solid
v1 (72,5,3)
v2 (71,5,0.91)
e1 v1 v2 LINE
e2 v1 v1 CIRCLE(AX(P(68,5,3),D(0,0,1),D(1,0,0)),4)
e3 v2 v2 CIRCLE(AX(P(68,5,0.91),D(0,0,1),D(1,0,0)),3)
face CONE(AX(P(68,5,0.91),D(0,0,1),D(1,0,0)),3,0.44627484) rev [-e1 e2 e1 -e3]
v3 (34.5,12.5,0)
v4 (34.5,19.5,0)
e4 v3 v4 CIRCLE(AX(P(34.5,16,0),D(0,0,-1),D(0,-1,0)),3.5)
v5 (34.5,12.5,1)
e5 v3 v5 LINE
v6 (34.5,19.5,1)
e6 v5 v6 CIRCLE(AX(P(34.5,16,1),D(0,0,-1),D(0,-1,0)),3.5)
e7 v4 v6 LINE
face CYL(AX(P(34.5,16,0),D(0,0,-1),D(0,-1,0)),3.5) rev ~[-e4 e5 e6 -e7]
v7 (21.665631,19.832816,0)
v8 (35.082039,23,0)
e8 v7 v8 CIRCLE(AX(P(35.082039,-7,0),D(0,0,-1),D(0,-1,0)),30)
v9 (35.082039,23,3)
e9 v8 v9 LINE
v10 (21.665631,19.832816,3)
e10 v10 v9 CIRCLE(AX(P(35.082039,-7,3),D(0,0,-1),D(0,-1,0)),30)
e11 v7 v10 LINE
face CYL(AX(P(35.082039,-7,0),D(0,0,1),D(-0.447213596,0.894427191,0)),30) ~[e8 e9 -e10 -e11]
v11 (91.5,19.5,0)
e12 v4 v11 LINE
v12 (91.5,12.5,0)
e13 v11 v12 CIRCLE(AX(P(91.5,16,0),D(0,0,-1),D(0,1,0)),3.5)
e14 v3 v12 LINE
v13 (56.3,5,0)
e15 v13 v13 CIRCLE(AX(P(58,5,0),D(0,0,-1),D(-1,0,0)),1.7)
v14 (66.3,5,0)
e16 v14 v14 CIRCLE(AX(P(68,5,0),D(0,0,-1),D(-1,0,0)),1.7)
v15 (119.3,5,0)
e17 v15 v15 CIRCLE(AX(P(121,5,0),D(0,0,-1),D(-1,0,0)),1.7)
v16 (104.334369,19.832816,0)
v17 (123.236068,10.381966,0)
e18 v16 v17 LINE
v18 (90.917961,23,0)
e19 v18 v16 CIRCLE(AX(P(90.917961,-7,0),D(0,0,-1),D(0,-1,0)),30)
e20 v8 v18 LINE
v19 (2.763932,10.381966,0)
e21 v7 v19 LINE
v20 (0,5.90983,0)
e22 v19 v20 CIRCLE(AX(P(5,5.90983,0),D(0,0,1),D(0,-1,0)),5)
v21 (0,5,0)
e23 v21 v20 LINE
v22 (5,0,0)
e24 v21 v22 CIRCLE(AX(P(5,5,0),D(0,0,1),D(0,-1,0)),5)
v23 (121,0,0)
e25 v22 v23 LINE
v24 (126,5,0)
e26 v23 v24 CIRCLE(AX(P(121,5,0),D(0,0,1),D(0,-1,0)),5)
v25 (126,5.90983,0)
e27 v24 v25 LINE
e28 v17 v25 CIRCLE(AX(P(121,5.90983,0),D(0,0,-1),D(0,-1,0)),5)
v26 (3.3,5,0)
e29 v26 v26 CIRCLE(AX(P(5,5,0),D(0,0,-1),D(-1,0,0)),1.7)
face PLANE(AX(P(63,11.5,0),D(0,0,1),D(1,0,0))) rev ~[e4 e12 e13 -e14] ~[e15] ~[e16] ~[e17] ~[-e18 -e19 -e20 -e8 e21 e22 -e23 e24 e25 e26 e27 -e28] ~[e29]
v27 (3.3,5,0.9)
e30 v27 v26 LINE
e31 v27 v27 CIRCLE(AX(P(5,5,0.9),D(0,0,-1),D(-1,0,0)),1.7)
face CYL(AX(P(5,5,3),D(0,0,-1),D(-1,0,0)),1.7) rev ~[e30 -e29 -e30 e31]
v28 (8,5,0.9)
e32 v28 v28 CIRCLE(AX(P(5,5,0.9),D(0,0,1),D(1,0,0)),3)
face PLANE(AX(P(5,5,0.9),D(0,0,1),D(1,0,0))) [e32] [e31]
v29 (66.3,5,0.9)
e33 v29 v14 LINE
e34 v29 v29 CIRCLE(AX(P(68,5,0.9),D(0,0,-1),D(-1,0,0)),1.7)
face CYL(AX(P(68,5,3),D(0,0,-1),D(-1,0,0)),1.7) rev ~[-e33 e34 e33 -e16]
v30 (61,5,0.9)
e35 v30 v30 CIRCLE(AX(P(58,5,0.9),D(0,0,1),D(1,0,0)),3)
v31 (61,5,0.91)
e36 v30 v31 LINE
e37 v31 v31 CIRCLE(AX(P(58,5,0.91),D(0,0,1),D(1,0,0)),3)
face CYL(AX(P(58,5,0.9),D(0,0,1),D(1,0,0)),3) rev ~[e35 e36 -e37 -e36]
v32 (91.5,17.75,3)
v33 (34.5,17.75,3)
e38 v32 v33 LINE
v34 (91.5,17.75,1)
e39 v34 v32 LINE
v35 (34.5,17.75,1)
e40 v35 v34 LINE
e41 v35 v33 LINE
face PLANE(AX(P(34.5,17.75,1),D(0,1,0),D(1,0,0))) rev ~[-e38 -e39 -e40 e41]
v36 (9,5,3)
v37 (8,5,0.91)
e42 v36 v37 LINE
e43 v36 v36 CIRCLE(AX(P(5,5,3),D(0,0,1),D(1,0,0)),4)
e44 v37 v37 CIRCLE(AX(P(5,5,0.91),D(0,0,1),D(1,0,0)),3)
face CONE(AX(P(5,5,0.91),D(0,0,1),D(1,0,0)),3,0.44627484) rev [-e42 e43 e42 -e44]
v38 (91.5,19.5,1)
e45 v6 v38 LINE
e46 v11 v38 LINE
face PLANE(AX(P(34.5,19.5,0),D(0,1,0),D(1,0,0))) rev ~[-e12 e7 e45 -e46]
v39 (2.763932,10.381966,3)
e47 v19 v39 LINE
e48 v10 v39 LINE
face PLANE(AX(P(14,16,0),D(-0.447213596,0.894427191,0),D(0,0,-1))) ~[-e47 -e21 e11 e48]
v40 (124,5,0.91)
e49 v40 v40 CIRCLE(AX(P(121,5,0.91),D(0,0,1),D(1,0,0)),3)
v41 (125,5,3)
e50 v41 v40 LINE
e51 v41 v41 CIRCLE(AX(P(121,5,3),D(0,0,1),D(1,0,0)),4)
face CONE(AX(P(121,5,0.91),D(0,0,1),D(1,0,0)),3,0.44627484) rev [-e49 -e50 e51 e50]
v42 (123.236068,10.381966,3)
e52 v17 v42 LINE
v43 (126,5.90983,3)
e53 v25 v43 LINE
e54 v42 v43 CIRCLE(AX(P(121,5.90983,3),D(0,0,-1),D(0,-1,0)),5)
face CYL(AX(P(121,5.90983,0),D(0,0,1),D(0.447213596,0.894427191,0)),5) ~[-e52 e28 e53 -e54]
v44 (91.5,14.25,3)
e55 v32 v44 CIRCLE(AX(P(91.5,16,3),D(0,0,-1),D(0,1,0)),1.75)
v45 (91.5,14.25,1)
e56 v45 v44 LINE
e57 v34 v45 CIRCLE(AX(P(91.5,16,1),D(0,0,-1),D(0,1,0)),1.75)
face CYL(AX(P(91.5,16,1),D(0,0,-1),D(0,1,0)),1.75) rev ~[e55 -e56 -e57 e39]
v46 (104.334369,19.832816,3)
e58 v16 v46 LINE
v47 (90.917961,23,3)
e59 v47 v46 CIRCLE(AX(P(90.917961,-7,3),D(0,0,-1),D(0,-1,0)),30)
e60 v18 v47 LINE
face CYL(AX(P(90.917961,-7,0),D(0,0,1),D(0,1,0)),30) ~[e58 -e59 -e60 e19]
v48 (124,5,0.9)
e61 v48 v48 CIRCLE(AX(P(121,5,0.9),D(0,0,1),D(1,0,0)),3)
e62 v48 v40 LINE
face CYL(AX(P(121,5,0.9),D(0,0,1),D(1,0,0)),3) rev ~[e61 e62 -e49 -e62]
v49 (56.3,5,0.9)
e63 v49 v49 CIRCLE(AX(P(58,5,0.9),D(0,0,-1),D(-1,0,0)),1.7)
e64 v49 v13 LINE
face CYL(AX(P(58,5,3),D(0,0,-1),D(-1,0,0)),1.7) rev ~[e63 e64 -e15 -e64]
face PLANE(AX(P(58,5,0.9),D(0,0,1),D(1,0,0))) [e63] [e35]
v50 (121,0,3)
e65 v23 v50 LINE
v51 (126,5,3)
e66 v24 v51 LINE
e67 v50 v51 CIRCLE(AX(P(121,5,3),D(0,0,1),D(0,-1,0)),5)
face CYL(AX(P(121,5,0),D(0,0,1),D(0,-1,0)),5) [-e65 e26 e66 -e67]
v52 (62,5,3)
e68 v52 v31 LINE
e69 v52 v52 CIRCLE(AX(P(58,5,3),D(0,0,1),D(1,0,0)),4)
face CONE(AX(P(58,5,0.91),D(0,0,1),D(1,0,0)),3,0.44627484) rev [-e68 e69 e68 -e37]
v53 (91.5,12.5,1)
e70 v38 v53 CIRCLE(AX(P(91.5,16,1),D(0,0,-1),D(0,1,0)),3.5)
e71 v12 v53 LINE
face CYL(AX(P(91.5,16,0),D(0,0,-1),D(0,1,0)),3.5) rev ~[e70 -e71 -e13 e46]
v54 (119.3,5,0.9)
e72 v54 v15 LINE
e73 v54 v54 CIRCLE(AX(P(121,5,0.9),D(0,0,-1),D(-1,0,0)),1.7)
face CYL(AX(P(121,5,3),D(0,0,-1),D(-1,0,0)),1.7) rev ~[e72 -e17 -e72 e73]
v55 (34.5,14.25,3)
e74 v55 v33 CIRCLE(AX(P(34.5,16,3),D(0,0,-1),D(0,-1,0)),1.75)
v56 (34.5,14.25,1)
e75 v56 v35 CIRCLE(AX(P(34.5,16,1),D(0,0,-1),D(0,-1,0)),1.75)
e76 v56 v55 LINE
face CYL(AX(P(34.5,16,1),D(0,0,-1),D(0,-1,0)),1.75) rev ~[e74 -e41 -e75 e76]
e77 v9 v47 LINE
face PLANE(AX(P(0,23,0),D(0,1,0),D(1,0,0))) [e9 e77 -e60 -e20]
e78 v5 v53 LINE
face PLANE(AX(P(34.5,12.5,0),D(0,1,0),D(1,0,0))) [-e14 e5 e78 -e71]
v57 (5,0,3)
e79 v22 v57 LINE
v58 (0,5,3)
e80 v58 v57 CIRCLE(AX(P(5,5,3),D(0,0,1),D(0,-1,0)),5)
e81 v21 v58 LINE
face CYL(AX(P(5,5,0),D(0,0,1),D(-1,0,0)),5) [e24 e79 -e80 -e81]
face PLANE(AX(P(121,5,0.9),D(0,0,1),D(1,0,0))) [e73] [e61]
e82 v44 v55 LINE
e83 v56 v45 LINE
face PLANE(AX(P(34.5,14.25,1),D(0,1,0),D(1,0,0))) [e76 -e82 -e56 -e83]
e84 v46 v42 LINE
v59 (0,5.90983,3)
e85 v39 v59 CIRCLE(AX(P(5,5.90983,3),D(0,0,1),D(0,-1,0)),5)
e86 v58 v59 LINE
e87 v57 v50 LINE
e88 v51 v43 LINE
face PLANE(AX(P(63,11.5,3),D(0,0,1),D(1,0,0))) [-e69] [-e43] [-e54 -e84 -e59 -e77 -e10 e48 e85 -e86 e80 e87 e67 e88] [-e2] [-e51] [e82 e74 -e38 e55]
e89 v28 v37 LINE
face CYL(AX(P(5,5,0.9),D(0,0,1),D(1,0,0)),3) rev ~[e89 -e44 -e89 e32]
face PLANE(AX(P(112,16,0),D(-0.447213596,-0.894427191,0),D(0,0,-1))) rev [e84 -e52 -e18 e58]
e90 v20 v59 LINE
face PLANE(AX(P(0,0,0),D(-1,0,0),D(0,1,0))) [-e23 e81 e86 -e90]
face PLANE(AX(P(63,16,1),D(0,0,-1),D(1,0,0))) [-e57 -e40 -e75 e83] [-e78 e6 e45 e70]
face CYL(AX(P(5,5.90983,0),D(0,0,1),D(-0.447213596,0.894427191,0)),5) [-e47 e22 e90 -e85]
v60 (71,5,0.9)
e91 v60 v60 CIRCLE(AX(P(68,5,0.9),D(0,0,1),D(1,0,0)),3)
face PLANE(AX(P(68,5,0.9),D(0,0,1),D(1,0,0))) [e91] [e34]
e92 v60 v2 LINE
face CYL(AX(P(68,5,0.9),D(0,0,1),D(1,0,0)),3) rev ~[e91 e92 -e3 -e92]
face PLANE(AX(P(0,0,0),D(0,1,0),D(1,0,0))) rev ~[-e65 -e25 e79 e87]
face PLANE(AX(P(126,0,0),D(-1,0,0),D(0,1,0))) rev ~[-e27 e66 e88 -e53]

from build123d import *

# Parameters (mm, degrees)
BOX001_W            = 126
BOX001_H            = 23
BOX001_DEPTH        = 3
HOLE003_D           = 3.4
HOLE003_DEPTH       = 24
HOLE003_CBORE_D     = 6
HOLE003_CBORE_DEPTH = 2.1
POCKET_DEPTH        = 1
POCKET001_DEPTH     = 5
CHAMFER_SIZE2       = 2.09
CHAMFER_SIZE        = 1
FILLET001_R         = 5
CHAMFER001_SIZE2    = 14
CHAMFER001_SIZE     = 28
CHAMFER002_SIZE2    = 14
CHAMFER002_SIZE     = 28
FILLET002_R         = 5
FILLET003_R         = 30


with BuildPart() as part:
    # Box001 → Box001 (join)
    with BuildSketch(Plane.XY):
        with Locations((63, 11.5)):
            Rectangle(BOX001_W, BOX001_H)
    extrude(amount=BOX001_DEPTH)

    # Hole003
    with Locations(Plane.XY.offset(3)):
        with Locations((5, 5), (58, 5), (68, 5), (121, 5)):
            CounterBoreHole(HOLE003_D / 2, HOLE003_CBORE_D / 2, HOLE003_CBORE_DEPTH, depth=HOLE003_DEPTH)

    # Sketch006 (on Face5 of Hole003) → Pocket (cut)
    with BuildSketch(Plane(origin=(0, 0, 0), x_dir=(1, 0, 0), z_dir=(0, 0, -1))):
        with BuildLine():
            ThreePointArc((34.5, -12.5), (31, -16), (34.5, -19.5))
            Line((34.5, -19.5), (91.5, -19.5))
            ThreePointArc((91.5, -19.5), (95, -16), (91.5, -12.5))
            Line((34.5, -12.5), (91.5, -12.5))
        make_face()
    extrude(amount=-POCKET_DEPTH, mode=Mode.SUBTRACT)

    # Sketch007 (on Face23 of Pocket) → Pocket001 (cut)
    with BuildSketch(Plane(origin=(0, 0, 1), x_dir=(1, 0, 0), z_dir=(0, 0, -1))):
        with BuildLine():
            ThreePointArc((34.5, -14.25), (32.75, -16), (34.5, -17.75))
            Line((34.5, -17.75), (91.5, -17.75))
            ThreePointArc((91.5, -17.75), (93.25, -16), (91.5, -14.25))
            Line((34.5, -14.25), (91.5, -14.25))
        make_face()
    extrude(amount=-POCKET001_DEPTH, mode=Mode.SUBTRACT)

    # Chamfer
    chamfer_edges = [part.edges().sort_by_distance(p)[0] for p in [
        (2, 5, 3),
        (55, 5, 3),
        (65, 5, 3),
        (118, 5, 3),
    ]]
    chamfer_side = part.faces().sort_by_distance((63, 11.420058, 3))[0]
    chamfer(chamfer_edges, length=CHAMFER_SIZE, length2=CHAMFER_SIZE2, reference=chamfer_side)

    # Fillet001
    fillet001_edges = [part.edges().sort_by_distance(p)[0] for p in [
        (0, 0, 1.5),
        (126, 0, 1.5),
    ]]
    fillet(fillet001_edges, radius=FILLET001_R)

    # Chamfer001
    chamfer001_edges = [part.edges().sort_by_distance(p)[0] for p in [
        (126, 23, 1.5),
    ]]
    chamfer001_side = part.faces().sort_by_distance((63, 23, 1.5))[0]
    chamfer(chamfer001_edges, length=CHAMFER001_SIZE, length2=CHAMFER001_SIZE2, reference=chamfer001_side)

    # Chamfer002
    chamfer002_edges = [part.edges().sort_by_distance(p)[0] for p in [
        (0, 23, 1.5),
    ]]
    chamfer002_side = part.faces().sort_by_distance((49, 23, 1.5))[0]
    chamfer(chamfer002_edges, length=CHAMFER002_SIZE, length2=CHAMFER002_SIZE2, reference=chamfer002_side)

    # Fillet002
    fillet002_edges = [part.edges().sort_by_distance(p)[0] for p in [
        (0, 9, 1.5),
        (126, 9, 1.5),
    ]]
    fillet(fillet002_edges, radius=FILLET002_R)

    # Fillet003
    fillet003_edges = [part.edges().sort_by_distance(p)[0] for p in [
        (28, 23, 1.5),
        (98, 23, 1.5),
    ]]
    fillet(fillet003_edges, radius=FILLET003_R)


solid = part.part
